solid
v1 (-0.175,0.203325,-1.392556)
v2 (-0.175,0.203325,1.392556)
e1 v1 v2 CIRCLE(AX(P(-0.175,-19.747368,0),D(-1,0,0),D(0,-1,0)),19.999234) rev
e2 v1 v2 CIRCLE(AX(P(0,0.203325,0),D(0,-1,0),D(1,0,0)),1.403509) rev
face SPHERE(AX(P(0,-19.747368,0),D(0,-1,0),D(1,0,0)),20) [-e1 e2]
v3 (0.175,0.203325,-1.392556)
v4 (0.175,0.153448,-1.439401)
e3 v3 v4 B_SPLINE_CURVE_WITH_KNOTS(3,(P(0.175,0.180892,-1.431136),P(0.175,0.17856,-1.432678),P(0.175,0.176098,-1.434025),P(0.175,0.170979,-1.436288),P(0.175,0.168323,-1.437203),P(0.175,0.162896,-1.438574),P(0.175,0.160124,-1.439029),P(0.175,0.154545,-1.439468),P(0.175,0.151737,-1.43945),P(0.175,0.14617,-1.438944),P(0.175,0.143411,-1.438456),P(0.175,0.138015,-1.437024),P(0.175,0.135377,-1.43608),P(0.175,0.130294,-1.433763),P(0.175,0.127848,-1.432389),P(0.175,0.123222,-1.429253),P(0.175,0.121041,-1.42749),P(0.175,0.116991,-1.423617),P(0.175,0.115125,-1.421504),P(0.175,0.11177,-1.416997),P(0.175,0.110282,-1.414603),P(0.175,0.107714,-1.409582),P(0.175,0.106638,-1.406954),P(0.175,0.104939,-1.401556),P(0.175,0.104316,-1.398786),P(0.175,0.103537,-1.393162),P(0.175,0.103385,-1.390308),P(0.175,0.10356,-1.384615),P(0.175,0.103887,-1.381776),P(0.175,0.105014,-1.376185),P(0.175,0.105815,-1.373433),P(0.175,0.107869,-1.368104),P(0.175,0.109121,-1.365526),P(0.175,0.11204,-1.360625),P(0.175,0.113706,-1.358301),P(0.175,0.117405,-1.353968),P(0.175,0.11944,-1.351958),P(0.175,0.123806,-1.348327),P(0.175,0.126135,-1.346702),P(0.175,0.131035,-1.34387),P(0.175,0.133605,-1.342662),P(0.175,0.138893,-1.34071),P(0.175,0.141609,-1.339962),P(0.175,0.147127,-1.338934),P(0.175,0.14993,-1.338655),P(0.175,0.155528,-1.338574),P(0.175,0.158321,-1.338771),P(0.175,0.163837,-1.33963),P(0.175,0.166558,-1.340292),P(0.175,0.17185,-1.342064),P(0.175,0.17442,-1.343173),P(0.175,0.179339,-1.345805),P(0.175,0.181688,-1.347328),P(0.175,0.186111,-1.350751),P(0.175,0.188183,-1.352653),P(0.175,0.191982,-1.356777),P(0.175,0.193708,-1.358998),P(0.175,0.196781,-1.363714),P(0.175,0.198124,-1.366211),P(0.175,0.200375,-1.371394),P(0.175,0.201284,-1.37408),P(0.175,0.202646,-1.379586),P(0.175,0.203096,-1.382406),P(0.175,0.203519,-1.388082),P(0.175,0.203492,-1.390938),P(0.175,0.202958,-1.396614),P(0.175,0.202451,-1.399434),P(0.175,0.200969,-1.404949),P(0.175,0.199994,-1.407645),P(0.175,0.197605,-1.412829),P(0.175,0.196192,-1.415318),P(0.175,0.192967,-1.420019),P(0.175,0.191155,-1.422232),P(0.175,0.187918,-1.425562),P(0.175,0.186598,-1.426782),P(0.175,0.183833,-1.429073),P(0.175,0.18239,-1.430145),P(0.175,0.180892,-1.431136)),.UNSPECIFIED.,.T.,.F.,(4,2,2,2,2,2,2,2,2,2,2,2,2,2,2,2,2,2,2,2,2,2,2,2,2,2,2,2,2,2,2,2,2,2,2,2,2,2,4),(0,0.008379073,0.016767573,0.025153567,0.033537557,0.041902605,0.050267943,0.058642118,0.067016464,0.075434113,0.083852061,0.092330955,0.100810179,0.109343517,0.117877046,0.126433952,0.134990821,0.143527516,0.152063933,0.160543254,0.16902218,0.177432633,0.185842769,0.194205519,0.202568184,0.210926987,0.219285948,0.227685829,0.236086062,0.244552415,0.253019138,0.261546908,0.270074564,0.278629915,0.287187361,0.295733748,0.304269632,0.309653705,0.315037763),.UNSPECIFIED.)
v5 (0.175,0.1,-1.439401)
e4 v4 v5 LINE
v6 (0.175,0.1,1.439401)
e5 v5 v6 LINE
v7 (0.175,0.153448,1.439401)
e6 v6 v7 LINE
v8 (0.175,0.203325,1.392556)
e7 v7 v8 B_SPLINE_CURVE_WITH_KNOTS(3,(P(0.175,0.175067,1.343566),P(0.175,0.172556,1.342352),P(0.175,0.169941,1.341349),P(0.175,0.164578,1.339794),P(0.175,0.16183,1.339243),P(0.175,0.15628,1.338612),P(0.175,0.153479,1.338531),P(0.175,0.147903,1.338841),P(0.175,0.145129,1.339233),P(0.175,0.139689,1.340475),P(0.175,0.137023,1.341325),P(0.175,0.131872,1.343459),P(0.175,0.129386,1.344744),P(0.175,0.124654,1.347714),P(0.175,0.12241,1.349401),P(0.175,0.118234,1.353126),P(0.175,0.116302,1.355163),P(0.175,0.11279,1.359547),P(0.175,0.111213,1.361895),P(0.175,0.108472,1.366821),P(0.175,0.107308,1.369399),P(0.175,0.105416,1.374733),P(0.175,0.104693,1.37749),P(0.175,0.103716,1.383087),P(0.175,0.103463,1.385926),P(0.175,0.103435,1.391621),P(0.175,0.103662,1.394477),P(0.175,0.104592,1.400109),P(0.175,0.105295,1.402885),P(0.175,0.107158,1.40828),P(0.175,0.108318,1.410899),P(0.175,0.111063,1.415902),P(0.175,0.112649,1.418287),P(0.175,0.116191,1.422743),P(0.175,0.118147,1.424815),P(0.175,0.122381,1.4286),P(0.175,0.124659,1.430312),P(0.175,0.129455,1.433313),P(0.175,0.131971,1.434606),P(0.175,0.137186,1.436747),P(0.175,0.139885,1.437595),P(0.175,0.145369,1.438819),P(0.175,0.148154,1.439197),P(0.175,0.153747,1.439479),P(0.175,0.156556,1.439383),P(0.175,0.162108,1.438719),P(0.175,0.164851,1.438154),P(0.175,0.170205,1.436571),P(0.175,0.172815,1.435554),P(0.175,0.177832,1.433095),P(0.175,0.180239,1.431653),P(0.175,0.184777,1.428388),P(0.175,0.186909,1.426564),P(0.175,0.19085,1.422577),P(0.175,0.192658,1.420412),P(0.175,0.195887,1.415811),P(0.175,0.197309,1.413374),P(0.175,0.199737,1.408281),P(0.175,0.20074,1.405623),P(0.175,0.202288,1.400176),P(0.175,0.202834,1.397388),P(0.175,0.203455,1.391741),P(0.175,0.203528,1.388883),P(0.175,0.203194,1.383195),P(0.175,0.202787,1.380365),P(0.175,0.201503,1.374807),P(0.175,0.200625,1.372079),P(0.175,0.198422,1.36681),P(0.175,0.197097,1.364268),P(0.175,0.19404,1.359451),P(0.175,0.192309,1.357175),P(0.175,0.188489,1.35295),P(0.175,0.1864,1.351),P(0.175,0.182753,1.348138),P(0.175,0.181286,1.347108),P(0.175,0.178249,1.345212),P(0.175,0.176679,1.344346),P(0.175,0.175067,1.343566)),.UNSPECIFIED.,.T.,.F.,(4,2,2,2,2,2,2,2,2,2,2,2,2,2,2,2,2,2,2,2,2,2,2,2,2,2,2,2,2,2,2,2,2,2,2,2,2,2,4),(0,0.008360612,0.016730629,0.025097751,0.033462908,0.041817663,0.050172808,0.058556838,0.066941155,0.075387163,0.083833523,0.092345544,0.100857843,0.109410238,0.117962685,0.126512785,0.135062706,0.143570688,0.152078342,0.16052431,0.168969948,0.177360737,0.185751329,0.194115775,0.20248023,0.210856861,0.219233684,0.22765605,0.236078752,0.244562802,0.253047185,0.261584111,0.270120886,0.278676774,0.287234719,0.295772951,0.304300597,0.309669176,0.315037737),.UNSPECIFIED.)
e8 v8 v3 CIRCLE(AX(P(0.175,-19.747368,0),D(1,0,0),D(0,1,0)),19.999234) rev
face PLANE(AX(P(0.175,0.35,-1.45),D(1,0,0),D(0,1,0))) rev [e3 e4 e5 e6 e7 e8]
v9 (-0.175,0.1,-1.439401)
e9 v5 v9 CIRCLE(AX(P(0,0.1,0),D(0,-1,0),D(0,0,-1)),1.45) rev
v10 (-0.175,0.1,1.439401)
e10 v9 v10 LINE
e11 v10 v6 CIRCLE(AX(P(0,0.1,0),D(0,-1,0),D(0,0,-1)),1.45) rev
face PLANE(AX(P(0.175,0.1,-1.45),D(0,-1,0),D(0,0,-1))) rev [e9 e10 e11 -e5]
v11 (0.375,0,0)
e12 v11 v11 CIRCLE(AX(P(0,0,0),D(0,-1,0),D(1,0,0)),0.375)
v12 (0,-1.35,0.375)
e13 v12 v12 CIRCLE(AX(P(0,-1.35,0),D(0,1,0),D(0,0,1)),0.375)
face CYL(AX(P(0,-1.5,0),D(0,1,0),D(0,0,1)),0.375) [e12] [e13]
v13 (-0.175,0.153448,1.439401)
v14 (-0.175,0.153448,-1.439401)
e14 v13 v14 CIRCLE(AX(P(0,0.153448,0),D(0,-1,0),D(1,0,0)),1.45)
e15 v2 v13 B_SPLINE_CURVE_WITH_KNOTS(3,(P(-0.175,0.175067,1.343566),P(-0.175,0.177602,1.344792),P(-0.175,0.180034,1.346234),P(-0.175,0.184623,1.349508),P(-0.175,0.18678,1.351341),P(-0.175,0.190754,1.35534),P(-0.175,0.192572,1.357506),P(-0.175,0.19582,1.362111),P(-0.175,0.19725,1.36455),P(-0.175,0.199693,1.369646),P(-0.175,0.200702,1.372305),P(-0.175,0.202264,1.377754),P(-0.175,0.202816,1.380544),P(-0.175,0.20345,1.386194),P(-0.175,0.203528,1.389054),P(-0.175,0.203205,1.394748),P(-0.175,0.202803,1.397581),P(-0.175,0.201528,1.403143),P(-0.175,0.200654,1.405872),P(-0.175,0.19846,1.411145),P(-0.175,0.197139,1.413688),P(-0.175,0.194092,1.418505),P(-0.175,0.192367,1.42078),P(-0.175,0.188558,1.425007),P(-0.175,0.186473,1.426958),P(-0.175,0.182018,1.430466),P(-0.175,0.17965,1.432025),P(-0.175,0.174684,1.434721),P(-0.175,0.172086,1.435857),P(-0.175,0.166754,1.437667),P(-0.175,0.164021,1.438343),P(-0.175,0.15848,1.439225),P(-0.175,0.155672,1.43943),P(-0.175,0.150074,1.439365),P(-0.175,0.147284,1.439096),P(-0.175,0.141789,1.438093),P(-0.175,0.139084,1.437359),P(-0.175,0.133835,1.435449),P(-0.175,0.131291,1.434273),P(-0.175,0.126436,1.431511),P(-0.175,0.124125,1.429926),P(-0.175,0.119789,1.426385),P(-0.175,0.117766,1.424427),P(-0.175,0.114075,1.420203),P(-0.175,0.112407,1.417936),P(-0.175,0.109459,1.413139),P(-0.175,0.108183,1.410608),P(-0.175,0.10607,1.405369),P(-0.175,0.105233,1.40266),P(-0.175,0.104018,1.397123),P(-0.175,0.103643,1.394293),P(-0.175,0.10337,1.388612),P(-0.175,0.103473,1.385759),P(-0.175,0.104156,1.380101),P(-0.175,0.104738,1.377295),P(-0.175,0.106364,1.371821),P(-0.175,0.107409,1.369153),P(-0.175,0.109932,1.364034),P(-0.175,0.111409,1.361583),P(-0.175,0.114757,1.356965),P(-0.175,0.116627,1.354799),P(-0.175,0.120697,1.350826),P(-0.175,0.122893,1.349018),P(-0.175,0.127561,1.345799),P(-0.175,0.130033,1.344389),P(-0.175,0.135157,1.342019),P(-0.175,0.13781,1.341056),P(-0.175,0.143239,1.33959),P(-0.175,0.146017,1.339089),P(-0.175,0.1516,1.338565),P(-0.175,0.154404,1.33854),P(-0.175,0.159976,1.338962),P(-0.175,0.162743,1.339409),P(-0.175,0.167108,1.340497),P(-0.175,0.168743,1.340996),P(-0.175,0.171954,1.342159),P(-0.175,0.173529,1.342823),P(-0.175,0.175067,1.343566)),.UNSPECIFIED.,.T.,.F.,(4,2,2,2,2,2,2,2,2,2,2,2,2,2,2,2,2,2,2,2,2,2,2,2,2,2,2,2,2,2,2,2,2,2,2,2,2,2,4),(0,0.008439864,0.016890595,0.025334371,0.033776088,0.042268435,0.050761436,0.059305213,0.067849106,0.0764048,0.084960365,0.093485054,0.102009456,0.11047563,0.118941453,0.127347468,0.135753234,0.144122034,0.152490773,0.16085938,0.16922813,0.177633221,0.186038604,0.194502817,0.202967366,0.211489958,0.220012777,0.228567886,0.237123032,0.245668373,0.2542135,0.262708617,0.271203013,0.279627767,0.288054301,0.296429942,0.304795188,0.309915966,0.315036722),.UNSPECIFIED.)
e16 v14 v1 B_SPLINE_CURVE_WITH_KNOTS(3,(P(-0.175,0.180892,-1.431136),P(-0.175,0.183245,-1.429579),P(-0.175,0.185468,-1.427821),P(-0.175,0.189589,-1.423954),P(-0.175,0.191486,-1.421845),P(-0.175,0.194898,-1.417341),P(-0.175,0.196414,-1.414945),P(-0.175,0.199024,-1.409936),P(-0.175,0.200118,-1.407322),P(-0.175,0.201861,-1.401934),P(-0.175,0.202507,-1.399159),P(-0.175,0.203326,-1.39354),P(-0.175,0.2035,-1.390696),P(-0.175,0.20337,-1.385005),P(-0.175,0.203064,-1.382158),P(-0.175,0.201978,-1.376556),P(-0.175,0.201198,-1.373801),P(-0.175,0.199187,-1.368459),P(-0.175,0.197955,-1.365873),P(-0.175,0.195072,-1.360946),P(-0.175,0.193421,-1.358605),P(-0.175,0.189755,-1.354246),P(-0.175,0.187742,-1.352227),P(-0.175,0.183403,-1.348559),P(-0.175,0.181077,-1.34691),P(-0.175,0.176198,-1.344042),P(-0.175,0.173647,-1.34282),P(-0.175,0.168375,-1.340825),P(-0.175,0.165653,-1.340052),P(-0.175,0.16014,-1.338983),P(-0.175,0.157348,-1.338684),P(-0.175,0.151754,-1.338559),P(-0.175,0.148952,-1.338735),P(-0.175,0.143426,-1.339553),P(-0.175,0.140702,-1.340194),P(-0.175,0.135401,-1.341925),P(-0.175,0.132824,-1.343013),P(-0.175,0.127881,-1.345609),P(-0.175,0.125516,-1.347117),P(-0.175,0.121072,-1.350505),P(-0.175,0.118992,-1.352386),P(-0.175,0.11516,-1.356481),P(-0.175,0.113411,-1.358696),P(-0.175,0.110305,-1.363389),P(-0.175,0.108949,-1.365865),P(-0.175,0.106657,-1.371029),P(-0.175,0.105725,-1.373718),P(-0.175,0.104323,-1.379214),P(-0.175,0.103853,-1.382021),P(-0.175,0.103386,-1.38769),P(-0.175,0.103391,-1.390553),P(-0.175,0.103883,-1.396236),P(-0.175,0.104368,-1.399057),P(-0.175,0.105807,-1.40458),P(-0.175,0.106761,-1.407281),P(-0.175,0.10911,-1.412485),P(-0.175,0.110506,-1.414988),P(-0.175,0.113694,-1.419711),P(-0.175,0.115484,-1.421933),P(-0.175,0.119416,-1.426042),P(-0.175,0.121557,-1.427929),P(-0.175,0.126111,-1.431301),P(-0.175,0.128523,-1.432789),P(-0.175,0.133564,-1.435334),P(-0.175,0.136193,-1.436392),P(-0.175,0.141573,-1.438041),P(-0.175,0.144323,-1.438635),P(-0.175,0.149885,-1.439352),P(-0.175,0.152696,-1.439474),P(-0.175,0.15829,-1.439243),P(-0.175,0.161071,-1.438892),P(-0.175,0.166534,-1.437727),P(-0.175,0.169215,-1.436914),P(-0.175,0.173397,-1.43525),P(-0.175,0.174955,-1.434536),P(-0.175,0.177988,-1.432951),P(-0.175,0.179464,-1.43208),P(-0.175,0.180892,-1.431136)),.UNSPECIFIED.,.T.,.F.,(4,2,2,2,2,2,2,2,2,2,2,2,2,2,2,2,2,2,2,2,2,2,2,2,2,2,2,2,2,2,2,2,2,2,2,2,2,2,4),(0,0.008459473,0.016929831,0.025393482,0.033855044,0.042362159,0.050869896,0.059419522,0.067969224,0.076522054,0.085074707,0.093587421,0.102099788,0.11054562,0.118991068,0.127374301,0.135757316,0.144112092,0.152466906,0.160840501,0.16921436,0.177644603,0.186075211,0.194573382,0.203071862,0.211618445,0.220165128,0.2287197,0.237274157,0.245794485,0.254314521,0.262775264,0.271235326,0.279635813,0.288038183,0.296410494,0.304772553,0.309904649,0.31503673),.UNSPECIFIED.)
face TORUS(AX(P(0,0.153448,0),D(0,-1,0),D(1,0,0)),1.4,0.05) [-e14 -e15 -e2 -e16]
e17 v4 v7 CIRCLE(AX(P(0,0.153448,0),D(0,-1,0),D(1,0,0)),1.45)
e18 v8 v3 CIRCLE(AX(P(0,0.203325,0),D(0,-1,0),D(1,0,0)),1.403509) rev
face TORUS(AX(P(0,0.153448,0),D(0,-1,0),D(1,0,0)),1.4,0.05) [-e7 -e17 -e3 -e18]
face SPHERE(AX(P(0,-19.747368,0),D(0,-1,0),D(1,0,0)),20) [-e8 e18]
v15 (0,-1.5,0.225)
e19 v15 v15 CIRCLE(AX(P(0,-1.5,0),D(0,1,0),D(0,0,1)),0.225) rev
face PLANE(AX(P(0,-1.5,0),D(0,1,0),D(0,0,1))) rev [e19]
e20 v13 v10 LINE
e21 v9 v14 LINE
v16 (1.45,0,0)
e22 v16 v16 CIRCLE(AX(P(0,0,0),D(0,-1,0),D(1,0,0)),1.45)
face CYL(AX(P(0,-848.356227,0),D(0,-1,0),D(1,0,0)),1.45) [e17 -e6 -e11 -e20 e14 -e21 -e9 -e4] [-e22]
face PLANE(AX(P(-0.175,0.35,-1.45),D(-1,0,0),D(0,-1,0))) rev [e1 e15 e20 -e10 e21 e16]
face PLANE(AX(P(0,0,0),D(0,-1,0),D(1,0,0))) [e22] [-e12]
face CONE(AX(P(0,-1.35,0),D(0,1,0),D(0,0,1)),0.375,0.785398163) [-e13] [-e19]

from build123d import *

# Parameters (mm, degrees)
SKETCH2_R               = 0.375
BOSS_EXTRUDE2_DEPTH     = 1.5
FILLET1_R               = 0.05
CHAMFER2_SIZE           = 0.15
CUT_EXTRUDE1_DEPTH      = 2.4500001
CUT_EXTRUDE1_DEPTH_BACK = 2.4500001


with BuildPart() as part:
    # Sketch4 → Revolve1 (revolve)
    with BuildSketch(Plane.XY):
        with BuildLine():
            Line((0, 0), (1.45, 0))
            Line((1.45, 0), (1.45, 0.2))
            ThreePointArc((1.45, 0.2), (0.725477446, 0.239469483), (0, 0.252631753))
            Line((0, 0.252631753), (0, 0))
        make_face()
    revolve(axis=Axis((0, -848.356227188, 0), (0, 1, 0)))

    # Sketch2 → Boss-Extrude2 (add)
    with BuildSketch(Plane(origin=(0, 0, 0), x_dir=(1, 0, 0), z_dir=(0, 1, 0))):
        Circle(SKETCH2_R)
    extrude(amount=-BOSS_EXTRUDE2_DEPTH)

    # Fillet1
    fillet1_edges = [part.edges().sort_by_distance(p)[0] for p in [
        (-1.45, 0.2, 0),
    ]]
    fillet(fillet1_edges, radius=FILLET1_R)

    # Chamfer2
    chamfer2_edges = [part.edges().sort_by_distance(p)[0] for p in [
        (-0.375, -1.5, 0),
    ]]
    chamfer(chamfer2_edges, length=CHAMFER2_SIZE)

    # Sketch3 → Cut-Extrude1 (cut, two sides)
    with BuildSketch(Plane.XY) as cut_extrude1_sk:
        Polygon((-0.175, 0.35), (0, 0.35), (0.175, 0.35), (0.175, 0.1), (0, 0.1), (-0.175, 0.1), align=None)
    extrude(amount=CUT_EXTRUDE1_DEPTH, mode=Mode.SUBTRACT)
    extrude(cut_extrude1_sk.sketch, amount=-CUT_EXTRUDE1_DEPTH_BACK, mode=Mode.SUBTRACT)


solid = part.part
